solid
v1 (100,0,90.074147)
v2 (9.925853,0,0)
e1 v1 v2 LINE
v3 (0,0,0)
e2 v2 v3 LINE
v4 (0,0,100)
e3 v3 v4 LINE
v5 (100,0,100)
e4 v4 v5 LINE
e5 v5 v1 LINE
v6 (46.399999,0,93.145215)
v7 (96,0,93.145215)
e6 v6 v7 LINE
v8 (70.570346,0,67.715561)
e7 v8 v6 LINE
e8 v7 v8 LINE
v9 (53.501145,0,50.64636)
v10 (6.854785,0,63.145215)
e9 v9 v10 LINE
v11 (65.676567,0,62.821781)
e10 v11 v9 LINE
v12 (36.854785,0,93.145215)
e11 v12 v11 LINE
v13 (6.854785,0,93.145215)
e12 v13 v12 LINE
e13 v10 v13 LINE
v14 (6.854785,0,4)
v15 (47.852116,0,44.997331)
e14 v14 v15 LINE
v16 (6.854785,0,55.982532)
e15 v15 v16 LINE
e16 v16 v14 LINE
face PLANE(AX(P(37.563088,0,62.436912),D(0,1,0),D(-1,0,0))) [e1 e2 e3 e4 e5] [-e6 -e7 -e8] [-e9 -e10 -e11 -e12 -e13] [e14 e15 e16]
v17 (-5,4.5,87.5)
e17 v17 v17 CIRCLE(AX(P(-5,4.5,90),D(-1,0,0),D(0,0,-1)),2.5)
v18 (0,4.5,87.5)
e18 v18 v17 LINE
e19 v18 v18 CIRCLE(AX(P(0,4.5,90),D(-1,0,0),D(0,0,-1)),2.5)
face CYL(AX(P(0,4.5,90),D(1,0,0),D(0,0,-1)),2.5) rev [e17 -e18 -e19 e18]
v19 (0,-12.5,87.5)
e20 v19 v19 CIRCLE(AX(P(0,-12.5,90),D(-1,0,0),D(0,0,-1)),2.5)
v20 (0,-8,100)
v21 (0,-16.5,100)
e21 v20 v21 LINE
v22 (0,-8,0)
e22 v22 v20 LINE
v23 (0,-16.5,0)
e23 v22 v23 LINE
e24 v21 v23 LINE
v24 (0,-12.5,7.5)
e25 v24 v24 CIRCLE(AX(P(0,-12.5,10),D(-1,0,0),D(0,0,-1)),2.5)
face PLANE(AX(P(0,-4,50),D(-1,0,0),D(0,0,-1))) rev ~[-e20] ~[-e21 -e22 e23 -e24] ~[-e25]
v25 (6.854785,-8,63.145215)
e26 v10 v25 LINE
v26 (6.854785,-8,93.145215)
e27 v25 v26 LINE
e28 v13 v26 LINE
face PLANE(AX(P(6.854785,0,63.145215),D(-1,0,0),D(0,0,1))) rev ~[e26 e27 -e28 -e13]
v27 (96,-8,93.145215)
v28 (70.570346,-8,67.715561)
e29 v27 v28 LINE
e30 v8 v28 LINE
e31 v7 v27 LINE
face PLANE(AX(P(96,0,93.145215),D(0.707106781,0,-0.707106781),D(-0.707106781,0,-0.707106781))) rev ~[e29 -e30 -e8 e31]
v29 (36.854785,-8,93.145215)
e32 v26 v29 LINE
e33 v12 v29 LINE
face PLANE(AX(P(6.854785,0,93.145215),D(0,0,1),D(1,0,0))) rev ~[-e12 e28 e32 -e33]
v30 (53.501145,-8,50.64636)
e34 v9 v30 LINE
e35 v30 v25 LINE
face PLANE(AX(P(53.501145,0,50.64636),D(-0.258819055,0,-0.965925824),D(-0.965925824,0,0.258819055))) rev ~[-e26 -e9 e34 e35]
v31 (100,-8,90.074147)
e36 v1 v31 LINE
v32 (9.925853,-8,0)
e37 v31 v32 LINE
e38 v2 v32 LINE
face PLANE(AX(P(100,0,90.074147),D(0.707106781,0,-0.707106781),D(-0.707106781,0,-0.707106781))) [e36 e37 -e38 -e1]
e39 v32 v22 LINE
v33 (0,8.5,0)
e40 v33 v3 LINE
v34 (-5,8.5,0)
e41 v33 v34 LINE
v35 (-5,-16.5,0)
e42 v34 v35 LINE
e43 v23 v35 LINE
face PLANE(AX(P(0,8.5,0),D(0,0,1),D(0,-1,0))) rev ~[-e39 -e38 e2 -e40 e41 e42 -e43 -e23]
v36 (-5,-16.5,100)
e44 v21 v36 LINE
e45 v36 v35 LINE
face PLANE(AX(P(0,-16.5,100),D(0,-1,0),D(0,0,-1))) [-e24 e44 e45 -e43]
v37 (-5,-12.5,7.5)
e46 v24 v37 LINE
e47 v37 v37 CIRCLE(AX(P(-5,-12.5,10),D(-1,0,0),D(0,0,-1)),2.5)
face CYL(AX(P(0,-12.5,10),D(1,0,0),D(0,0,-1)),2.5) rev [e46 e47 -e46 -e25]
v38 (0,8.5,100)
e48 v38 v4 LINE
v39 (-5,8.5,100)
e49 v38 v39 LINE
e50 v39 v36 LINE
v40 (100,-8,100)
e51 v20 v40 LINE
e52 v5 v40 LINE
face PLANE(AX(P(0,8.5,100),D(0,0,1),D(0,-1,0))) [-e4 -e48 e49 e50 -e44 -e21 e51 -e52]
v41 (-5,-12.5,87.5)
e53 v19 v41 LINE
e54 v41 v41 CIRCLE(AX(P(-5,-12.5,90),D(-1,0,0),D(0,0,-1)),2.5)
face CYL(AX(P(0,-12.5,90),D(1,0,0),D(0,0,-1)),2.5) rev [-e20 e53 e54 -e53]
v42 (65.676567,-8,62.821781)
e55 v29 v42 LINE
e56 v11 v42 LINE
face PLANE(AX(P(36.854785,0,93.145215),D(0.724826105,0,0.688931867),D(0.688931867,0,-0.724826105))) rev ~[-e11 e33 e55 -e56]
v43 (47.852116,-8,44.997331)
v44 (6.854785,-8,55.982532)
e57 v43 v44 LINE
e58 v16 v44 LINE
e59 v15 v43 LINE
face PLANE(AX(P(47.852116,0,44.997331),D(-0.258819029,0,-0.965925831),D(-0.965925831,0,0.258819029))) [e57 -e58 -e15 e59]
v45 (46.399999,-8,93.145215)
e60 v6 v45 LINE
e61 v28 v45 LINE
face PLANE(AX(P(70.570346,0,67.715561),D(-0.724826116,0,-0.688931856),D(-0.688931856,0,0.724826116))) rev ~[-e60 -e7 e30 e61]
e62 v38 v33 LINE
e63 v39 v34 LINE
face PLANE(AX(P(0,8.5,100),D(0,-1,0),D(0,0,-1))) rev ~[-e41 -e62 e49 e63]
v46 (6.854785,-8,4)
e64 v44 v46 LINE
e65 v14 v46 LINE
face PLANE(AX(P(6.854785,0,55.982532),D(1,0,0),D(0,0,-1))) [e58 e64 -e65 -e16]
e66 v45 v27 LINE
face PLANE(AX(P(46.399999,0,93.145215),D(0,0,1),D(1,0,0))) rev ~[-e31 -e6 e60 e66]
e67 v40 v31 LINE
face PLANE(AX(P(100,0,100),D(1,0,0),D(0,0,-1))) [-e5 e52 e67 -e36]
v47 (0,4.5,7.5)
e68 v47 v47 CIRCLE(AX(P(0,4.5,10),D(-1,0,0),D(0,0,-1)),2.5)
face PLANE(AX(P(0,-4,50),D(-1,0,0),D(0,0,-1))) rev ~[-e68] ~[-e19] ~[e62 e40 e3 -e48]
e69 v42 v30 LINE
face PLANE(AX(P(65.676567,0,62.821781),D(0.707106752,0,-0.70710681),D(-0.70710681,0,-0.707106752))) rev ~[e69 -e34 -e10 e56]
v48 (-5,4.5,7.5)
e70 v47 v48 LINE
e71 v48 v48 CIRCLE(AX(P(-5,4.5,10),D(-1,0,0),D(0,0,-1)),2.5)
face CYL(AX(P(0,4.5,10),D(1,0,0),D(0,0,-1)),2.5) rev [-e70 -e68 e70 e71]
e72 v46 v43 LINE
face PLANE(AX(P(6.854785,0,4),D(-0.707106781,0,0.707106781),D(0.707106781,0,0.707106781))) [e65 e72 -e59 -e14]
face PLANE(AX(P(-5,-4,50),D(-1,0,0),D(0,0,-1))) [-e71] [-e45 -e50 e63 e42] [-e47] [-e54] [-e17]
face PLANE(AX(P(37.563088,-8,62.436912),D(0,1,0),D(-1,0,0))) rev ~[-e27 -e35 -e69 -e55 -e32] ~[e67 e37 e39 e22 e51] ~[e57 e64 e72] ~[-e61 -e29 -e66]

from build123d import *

# Parameters (mm, degrees)
PAD_DEPTH    = 8
SKETCH001_W  = 100
SKETCH001_H  = 25
SKETCH001_R  = 2.5
PAD001_DEPTH = 5


with BuildPart() as part:
    # Sketch → Pad (new body)
    with BuildSketch(Plane.XZ):
        Polygon((0, 0), (0, 100), (100, 100), (100, 90.074147), (9.925853, 0), align=None)
        Polygon((6.854785, 93.145215), (36.854785, 93.145215), (65.676567, 62.821781), (53.501145, 50.64636), (6.854785, 63.145215), align=None, mode=Mode.SUBTRACT)
        Polygon((47.852116, 44.997331), (6.854785, 55.982532), (6.854785, 4), align=None, mode=Mode.SUBTRACT)
        Polygon((70.570346, 67.715561), (46.399999, 93.145215), (96, 93.145215), align=None, mode=Mode.SUBTRACT)
    extrude(amount=PAD_DEPTH)

    # Sketch001 (on DatumPlane) → Pad001 (join)
    with BuildSketch(Plane(origin=(0, 0, 0), x_dir=(0, 0, -1), z_dir=(-1, 0, 0))):
        with Locations((-50, 4)):
            Rectangle(SKETCH001_W, SKETCH001_H)
        with Locations((-90, 12.5)):
            Circle(SKETCH001_R, mode=Mode.SUBTRACT)
        with Locations((-10, 12.5)):
            Circle(SKETCH001_R, mode=Mode.SUBTRACT)
        with Locations((-90, -4.5)):
            Circle(SKETCH001_R, mode=Mode.SUBTRACT)
        with Locations((-10, -4.5)):
            Circle(SKETCH001_R, mode=Mode.SUBTRACT)
    extrude(amount=PAD001_DEPTH)


solid = part.part
